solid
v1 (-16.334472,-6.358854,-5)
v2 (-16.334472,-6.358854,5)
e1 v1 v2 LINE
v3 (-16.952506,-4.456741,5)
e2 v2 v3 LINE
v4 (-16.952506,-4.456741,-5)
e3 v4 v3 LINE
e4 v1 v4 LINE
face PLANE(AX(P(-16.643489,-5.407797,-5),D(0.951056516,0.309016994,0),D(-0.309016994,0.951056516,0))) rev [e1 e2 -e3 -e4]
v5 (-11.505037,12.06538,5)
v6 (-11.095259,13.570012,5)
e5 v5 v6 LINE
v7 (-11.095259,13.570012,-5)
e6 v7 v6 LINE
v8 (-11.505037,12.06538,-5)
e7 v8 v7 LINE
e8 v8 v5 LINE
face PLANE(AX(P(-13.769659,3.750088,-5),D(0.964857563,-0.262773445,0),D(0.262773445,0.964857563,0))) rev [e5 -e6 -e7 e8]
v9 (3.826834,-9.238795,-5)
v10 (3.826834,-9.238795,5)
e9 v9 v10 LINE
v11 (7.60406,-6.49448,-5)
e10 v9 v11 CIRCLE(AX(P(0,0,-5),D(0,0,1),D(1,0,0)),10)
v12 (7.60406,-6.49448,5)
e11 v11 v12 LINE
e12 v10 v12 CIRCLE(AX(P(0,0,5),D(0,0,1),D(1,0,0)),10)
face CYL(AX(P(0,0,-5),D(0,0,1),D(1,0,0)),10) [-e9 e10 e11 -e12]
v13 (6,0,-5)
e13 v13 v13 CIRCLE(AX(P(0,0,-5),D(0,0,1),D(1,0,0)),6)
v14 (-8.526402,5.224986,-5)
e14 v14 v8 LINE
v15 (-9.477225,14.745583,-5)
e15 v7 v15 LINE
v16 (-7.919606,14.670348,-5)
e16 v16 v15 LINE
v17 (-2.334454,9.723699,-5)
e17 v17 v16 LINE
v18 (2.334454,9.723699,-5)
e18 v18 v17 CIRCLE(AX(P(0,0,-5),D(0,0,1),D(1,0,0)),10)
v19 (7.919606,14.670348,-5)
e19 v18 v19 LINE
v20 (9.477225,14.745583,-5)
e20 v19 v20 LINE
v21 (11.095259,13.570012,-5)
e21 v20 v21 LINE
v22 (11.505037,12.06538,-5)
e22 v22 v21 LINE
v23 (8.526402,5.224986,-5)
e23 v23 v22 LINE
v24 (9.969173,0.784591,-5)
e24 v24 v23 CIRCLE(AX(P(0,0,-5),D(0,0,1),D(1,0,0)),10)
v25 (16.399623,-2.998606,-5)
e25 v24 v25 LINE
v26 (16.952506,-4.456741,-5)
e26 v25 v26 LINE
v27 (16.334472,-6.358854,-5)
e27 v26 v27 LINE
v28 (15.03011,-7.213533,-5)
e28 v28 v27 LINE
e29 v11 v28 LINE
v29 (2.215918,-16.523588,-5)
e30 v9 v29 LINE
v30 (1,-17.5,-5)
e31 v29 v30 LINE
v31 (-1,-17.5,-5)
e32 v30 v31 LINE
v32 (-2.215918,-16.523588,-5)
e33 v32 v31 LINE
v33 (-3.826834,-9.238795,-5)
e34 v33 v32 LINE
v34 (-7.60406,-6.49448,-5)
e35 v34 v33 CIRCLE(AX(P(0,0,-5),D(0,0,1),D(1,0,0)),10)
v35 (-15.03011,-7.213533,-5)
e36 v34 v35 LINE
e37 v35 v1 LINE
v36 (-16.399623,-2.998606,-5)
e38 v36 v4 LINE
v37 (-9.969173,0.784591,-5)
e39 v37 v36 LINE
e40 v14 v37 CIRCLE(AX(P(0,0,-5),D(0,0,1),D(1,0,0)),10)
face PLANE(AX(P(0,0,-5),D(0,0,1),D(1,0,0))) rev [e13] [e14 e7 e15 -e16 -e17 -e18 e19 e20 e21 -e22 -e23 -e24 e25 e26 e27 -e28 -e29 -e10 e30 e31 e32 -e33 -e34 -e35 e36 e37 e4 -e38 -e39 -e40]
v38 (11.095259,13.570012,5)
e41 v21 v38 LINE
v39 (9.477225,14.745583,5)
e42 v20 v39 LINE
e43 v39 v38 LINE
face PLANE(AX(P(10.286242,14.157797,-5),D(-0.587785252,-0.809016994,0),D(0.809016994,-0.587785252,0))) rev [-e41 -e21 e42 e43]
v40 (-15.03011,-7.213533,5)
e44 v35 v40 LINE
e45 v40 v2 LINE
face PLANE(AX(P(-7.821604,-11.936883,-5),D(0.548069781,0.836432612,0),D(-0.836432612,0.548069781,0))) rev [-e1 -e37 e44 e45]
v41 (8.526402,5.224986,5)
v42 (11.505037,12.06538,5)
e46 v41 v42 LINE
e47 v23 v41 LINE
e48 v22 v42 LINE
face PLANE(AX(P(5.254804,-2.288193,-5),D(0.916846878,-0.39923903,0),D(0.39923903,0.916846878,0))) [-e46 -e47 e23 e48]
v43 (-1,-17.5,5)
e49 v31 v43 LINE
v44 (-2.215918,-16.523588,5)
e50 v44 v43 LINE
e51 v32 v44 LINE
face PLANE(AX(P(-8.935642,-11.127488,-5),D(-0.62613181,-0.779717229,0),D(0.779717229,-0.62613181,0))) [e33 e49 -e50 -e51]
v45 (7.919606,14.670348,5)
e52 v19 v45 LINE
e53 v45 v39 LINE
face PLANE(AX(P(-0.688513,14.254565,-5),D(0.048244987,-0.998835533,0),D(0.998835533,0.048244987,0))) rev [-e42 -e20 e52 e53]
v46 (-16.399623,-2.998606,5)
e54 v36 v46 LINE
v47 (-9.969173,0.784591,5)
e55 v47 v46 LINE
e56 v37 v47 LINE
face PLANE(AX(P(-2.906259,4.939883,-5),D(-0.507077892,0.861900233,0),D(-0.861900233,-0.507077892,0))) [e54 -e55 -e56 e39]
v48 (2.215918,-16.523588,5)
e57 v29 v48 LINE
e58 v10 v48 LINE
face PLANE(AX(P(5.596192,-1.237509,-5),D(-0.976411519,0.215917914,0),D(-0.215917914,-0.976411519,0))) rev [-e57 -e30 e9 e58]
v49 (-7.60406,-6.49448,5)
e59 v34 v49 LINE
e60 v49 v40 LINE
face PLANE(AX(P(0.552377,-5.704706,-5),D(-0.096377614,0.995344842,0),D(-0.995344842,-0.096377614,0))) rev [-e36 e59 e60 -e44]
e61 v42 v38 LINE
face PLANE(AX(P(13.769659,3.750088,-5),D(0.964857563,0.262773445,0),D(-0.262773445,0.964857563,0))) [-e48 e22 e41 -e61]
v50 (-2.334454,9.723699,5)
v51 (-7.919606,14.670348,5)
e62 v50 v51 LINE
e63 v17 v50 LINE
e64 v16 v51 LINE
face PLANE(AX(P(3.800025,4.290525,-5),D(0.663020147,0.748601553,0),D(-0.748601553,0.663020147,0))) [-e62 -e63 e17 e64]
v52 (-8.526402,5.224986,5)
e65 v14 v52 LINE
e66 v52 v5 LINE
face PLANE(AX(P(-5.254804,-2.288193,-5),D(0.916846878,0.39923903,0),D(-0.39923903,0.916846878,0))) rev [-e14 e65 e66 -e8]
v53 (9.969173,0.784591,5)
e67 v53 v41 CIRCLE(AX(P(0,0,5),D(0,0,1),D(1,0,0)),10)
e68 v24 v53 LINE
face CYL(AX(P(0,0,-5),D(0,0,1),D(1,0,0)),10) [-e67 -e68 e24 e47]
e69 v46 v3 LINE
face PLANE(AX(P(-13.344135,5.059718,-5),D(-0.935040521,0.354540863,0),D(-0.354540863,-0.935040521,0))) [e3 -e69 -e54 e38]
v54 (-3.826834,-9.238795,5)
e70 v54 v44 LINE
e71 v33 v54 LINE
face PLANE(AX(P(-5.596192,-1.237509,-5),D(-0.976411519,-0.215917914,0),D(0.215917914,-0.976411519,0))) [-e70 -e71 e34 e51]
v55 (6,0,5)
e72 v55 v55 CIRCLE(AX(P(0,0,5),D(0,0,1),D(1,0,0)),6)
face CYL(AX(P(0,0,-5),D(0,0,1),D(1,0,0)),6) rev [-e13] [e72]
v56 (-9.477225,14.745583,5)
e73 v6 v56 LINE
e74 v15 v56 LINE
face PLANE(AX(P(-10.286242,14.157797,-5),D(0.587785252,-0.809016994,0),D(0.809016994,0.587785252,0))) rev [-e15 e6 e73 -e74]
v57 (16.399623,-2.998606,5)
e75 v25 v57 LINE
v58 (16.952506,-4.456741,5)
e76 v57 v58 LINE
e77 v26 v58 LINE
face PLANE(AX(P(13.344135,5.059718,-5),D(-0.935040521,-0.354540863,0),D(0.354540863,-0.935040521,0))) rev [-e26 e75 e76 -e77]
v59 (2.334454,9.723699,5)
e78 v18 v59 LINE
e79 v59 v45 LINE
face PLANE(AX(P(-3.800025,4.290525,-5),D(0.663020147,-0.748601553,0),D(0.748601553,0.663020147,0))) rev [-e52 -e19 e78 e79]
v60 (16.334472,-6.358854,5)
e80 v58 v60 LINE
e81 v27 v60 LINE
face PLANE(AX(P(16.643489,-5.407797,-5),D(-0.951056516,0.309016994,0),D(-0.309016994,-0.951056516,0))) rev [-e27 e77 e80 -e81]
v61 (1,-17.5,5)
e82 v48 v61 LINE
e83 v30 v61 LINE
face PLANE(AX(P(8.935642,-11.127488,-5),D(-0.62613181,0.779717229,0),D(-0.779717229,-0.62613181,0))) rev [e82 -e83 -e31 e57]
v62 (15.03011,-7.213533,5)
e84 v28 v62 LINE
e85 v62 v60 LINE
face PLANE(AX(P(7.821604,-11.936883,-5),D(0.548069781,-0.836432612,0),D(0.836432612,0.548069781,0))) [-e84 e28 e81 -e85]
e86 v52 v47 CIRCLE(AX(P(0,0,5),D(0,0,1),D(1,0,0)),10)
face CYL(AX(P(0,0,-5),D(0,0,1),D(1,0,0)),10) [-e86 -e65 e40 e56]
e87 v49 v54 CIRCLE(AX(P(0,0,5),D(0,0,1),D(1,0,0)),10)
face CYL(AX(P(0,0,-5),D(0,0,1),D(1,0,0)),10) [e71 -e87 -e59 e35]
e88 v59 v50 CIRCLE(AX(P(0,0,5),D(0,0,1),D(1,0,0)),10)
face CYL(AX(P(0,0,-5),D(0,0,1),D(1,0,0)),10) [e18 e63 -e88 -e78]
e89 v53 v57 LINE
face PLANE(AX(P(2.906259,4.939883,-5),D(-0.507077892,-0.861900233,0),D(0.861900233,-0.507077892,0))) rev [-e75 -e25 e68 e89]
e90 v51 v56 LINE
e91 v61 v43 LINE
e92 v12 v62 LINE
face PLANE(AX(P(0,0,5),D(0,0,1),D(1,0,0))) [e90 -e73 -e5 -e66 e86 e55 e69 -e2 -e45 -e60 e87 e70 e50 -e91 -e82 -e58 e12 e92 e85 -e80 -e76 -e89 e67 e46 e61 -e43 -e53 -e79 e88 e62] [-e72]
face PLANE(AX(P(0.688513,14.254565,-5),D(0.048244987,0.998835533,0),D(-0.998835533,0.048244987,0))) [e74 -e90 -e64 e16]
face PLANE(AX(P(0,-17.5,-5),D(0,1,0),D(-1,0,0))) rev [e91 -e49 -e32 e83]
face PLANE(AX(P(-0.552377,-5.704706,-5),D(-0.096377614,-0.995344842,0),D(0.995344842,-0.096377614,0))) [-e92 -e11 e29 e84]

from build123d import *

# Parameters (mm, degrees)
BOSS_EXTRUDE1_DEPTH      = 5
BOSS_EXTRUDE1_DEPTH_BACK = 5
SKETCH1_R                = 6


with BuildPart() as part:
    # Sketch1 → Boss-Extrude1 (new, two sides: drawn at the far end of the back side and taken through both)
    with BuildSketch(Plane.XY.offset(-BOSS_EXTRUDE1_DEPTH_BACK)):
        with BuildLine():
            Line((-1, -17.5), (1, -17.5))
            Line((1, -17.5), (2.215917914, -16.523588481))
            Line((2.215917914, -16.523588481), (3.826834324, -9.238795325))
            ThreePointArc((3.826834324, -9.238795325), (5.877852523, -8.090169944), (7.604059656, -6.494480483))
            Line((7.604059656, -6.494480483), (15.030110204, -7.21353282))
            Line((15.030110204, -7.21353282), (16.334472041, -6.358853918))
            Line((16.334472041, -6.358853918), (16.95250603, -4.456740885))
            Line((16.95250603, -4.456740885), (16.399622791, -2.998606477))
            Line((16.399622791, -2.998606477), (9.969173337, 0.784590957))
            ThreePointArc((9.969173337, 0.784590957), (9.510565163, 3.090169944), (8.526401644, 5.224985647))
            Line((8.526401644, 5.224985647), (11.505036874, 12.065380019))
            Line((11.505036874, 12.065380019), (11.095258909, 13.570012149))
            Line((11.095258909, 13.570012149), (9.477224921, 14.745582654))
            Line((9.477224921, 14.745582654), (7.919606374, 14.670347759))
            Line((7.919606374, 14.670347759), (2.334453639, 9.723699204))
            ThreePointArc((2.334453639, 9.723699204), (0, 10), (-2.334453639, 9.723699204))
            Line((-2.334453639, 9.723699204), (-7.919606374, 14.670347759))
            Line((-7.919606374, 14.670347759), (-9.477224921, 14.745582654))
            Line((-9.477224921, 14.745582654), (-11.095258909, 13.570012149))
            Line((-11.095258909, 13.570012149), (-11.505036874, 12.065380019))
            Line((-11.505036874, 12.065380019), (-8.526401644, 5.224985647))
            ThreePointArc((-8.526401644, 5.224985647), (-9.510565163, 3.090169944), (-9.969173337, 0.784590957))
            Line((-9.969173337, 0.784590957), (-16.399622791, -2.998606477))
            Line((-16.399622791, -2.998606477), (-16.95250603, -4.456740885))
            Line((-16.95250603, -4.456740885), (-16.334472041, -6.358853918))
            Line((-16.334472041, -6.358853918), (-15.030110204, -7.21353282))
            Line((-15.030110204, -7.21353282), (-7.604059656, -6.494480483))
            ThreePointArc((-7.604059656, -6.494480483), (-5.877852523, -8.090169944), (-3.826834324, -9.238795325))
            Line((-3.826834324, -9.238795325), (-2.215917914, -16.523588481))
            Line((-2.215917914, -16.523588481), (-1, -17.5))
        make_face()
        Circle(SKETCH1_R, mode=Mode.SUBTRACT)
    extrude(amount=BOSS_EXTRUDE1_DEPTH + BOSS_EXTRUDE1_DEPTH_BACK)


solid = part.part
